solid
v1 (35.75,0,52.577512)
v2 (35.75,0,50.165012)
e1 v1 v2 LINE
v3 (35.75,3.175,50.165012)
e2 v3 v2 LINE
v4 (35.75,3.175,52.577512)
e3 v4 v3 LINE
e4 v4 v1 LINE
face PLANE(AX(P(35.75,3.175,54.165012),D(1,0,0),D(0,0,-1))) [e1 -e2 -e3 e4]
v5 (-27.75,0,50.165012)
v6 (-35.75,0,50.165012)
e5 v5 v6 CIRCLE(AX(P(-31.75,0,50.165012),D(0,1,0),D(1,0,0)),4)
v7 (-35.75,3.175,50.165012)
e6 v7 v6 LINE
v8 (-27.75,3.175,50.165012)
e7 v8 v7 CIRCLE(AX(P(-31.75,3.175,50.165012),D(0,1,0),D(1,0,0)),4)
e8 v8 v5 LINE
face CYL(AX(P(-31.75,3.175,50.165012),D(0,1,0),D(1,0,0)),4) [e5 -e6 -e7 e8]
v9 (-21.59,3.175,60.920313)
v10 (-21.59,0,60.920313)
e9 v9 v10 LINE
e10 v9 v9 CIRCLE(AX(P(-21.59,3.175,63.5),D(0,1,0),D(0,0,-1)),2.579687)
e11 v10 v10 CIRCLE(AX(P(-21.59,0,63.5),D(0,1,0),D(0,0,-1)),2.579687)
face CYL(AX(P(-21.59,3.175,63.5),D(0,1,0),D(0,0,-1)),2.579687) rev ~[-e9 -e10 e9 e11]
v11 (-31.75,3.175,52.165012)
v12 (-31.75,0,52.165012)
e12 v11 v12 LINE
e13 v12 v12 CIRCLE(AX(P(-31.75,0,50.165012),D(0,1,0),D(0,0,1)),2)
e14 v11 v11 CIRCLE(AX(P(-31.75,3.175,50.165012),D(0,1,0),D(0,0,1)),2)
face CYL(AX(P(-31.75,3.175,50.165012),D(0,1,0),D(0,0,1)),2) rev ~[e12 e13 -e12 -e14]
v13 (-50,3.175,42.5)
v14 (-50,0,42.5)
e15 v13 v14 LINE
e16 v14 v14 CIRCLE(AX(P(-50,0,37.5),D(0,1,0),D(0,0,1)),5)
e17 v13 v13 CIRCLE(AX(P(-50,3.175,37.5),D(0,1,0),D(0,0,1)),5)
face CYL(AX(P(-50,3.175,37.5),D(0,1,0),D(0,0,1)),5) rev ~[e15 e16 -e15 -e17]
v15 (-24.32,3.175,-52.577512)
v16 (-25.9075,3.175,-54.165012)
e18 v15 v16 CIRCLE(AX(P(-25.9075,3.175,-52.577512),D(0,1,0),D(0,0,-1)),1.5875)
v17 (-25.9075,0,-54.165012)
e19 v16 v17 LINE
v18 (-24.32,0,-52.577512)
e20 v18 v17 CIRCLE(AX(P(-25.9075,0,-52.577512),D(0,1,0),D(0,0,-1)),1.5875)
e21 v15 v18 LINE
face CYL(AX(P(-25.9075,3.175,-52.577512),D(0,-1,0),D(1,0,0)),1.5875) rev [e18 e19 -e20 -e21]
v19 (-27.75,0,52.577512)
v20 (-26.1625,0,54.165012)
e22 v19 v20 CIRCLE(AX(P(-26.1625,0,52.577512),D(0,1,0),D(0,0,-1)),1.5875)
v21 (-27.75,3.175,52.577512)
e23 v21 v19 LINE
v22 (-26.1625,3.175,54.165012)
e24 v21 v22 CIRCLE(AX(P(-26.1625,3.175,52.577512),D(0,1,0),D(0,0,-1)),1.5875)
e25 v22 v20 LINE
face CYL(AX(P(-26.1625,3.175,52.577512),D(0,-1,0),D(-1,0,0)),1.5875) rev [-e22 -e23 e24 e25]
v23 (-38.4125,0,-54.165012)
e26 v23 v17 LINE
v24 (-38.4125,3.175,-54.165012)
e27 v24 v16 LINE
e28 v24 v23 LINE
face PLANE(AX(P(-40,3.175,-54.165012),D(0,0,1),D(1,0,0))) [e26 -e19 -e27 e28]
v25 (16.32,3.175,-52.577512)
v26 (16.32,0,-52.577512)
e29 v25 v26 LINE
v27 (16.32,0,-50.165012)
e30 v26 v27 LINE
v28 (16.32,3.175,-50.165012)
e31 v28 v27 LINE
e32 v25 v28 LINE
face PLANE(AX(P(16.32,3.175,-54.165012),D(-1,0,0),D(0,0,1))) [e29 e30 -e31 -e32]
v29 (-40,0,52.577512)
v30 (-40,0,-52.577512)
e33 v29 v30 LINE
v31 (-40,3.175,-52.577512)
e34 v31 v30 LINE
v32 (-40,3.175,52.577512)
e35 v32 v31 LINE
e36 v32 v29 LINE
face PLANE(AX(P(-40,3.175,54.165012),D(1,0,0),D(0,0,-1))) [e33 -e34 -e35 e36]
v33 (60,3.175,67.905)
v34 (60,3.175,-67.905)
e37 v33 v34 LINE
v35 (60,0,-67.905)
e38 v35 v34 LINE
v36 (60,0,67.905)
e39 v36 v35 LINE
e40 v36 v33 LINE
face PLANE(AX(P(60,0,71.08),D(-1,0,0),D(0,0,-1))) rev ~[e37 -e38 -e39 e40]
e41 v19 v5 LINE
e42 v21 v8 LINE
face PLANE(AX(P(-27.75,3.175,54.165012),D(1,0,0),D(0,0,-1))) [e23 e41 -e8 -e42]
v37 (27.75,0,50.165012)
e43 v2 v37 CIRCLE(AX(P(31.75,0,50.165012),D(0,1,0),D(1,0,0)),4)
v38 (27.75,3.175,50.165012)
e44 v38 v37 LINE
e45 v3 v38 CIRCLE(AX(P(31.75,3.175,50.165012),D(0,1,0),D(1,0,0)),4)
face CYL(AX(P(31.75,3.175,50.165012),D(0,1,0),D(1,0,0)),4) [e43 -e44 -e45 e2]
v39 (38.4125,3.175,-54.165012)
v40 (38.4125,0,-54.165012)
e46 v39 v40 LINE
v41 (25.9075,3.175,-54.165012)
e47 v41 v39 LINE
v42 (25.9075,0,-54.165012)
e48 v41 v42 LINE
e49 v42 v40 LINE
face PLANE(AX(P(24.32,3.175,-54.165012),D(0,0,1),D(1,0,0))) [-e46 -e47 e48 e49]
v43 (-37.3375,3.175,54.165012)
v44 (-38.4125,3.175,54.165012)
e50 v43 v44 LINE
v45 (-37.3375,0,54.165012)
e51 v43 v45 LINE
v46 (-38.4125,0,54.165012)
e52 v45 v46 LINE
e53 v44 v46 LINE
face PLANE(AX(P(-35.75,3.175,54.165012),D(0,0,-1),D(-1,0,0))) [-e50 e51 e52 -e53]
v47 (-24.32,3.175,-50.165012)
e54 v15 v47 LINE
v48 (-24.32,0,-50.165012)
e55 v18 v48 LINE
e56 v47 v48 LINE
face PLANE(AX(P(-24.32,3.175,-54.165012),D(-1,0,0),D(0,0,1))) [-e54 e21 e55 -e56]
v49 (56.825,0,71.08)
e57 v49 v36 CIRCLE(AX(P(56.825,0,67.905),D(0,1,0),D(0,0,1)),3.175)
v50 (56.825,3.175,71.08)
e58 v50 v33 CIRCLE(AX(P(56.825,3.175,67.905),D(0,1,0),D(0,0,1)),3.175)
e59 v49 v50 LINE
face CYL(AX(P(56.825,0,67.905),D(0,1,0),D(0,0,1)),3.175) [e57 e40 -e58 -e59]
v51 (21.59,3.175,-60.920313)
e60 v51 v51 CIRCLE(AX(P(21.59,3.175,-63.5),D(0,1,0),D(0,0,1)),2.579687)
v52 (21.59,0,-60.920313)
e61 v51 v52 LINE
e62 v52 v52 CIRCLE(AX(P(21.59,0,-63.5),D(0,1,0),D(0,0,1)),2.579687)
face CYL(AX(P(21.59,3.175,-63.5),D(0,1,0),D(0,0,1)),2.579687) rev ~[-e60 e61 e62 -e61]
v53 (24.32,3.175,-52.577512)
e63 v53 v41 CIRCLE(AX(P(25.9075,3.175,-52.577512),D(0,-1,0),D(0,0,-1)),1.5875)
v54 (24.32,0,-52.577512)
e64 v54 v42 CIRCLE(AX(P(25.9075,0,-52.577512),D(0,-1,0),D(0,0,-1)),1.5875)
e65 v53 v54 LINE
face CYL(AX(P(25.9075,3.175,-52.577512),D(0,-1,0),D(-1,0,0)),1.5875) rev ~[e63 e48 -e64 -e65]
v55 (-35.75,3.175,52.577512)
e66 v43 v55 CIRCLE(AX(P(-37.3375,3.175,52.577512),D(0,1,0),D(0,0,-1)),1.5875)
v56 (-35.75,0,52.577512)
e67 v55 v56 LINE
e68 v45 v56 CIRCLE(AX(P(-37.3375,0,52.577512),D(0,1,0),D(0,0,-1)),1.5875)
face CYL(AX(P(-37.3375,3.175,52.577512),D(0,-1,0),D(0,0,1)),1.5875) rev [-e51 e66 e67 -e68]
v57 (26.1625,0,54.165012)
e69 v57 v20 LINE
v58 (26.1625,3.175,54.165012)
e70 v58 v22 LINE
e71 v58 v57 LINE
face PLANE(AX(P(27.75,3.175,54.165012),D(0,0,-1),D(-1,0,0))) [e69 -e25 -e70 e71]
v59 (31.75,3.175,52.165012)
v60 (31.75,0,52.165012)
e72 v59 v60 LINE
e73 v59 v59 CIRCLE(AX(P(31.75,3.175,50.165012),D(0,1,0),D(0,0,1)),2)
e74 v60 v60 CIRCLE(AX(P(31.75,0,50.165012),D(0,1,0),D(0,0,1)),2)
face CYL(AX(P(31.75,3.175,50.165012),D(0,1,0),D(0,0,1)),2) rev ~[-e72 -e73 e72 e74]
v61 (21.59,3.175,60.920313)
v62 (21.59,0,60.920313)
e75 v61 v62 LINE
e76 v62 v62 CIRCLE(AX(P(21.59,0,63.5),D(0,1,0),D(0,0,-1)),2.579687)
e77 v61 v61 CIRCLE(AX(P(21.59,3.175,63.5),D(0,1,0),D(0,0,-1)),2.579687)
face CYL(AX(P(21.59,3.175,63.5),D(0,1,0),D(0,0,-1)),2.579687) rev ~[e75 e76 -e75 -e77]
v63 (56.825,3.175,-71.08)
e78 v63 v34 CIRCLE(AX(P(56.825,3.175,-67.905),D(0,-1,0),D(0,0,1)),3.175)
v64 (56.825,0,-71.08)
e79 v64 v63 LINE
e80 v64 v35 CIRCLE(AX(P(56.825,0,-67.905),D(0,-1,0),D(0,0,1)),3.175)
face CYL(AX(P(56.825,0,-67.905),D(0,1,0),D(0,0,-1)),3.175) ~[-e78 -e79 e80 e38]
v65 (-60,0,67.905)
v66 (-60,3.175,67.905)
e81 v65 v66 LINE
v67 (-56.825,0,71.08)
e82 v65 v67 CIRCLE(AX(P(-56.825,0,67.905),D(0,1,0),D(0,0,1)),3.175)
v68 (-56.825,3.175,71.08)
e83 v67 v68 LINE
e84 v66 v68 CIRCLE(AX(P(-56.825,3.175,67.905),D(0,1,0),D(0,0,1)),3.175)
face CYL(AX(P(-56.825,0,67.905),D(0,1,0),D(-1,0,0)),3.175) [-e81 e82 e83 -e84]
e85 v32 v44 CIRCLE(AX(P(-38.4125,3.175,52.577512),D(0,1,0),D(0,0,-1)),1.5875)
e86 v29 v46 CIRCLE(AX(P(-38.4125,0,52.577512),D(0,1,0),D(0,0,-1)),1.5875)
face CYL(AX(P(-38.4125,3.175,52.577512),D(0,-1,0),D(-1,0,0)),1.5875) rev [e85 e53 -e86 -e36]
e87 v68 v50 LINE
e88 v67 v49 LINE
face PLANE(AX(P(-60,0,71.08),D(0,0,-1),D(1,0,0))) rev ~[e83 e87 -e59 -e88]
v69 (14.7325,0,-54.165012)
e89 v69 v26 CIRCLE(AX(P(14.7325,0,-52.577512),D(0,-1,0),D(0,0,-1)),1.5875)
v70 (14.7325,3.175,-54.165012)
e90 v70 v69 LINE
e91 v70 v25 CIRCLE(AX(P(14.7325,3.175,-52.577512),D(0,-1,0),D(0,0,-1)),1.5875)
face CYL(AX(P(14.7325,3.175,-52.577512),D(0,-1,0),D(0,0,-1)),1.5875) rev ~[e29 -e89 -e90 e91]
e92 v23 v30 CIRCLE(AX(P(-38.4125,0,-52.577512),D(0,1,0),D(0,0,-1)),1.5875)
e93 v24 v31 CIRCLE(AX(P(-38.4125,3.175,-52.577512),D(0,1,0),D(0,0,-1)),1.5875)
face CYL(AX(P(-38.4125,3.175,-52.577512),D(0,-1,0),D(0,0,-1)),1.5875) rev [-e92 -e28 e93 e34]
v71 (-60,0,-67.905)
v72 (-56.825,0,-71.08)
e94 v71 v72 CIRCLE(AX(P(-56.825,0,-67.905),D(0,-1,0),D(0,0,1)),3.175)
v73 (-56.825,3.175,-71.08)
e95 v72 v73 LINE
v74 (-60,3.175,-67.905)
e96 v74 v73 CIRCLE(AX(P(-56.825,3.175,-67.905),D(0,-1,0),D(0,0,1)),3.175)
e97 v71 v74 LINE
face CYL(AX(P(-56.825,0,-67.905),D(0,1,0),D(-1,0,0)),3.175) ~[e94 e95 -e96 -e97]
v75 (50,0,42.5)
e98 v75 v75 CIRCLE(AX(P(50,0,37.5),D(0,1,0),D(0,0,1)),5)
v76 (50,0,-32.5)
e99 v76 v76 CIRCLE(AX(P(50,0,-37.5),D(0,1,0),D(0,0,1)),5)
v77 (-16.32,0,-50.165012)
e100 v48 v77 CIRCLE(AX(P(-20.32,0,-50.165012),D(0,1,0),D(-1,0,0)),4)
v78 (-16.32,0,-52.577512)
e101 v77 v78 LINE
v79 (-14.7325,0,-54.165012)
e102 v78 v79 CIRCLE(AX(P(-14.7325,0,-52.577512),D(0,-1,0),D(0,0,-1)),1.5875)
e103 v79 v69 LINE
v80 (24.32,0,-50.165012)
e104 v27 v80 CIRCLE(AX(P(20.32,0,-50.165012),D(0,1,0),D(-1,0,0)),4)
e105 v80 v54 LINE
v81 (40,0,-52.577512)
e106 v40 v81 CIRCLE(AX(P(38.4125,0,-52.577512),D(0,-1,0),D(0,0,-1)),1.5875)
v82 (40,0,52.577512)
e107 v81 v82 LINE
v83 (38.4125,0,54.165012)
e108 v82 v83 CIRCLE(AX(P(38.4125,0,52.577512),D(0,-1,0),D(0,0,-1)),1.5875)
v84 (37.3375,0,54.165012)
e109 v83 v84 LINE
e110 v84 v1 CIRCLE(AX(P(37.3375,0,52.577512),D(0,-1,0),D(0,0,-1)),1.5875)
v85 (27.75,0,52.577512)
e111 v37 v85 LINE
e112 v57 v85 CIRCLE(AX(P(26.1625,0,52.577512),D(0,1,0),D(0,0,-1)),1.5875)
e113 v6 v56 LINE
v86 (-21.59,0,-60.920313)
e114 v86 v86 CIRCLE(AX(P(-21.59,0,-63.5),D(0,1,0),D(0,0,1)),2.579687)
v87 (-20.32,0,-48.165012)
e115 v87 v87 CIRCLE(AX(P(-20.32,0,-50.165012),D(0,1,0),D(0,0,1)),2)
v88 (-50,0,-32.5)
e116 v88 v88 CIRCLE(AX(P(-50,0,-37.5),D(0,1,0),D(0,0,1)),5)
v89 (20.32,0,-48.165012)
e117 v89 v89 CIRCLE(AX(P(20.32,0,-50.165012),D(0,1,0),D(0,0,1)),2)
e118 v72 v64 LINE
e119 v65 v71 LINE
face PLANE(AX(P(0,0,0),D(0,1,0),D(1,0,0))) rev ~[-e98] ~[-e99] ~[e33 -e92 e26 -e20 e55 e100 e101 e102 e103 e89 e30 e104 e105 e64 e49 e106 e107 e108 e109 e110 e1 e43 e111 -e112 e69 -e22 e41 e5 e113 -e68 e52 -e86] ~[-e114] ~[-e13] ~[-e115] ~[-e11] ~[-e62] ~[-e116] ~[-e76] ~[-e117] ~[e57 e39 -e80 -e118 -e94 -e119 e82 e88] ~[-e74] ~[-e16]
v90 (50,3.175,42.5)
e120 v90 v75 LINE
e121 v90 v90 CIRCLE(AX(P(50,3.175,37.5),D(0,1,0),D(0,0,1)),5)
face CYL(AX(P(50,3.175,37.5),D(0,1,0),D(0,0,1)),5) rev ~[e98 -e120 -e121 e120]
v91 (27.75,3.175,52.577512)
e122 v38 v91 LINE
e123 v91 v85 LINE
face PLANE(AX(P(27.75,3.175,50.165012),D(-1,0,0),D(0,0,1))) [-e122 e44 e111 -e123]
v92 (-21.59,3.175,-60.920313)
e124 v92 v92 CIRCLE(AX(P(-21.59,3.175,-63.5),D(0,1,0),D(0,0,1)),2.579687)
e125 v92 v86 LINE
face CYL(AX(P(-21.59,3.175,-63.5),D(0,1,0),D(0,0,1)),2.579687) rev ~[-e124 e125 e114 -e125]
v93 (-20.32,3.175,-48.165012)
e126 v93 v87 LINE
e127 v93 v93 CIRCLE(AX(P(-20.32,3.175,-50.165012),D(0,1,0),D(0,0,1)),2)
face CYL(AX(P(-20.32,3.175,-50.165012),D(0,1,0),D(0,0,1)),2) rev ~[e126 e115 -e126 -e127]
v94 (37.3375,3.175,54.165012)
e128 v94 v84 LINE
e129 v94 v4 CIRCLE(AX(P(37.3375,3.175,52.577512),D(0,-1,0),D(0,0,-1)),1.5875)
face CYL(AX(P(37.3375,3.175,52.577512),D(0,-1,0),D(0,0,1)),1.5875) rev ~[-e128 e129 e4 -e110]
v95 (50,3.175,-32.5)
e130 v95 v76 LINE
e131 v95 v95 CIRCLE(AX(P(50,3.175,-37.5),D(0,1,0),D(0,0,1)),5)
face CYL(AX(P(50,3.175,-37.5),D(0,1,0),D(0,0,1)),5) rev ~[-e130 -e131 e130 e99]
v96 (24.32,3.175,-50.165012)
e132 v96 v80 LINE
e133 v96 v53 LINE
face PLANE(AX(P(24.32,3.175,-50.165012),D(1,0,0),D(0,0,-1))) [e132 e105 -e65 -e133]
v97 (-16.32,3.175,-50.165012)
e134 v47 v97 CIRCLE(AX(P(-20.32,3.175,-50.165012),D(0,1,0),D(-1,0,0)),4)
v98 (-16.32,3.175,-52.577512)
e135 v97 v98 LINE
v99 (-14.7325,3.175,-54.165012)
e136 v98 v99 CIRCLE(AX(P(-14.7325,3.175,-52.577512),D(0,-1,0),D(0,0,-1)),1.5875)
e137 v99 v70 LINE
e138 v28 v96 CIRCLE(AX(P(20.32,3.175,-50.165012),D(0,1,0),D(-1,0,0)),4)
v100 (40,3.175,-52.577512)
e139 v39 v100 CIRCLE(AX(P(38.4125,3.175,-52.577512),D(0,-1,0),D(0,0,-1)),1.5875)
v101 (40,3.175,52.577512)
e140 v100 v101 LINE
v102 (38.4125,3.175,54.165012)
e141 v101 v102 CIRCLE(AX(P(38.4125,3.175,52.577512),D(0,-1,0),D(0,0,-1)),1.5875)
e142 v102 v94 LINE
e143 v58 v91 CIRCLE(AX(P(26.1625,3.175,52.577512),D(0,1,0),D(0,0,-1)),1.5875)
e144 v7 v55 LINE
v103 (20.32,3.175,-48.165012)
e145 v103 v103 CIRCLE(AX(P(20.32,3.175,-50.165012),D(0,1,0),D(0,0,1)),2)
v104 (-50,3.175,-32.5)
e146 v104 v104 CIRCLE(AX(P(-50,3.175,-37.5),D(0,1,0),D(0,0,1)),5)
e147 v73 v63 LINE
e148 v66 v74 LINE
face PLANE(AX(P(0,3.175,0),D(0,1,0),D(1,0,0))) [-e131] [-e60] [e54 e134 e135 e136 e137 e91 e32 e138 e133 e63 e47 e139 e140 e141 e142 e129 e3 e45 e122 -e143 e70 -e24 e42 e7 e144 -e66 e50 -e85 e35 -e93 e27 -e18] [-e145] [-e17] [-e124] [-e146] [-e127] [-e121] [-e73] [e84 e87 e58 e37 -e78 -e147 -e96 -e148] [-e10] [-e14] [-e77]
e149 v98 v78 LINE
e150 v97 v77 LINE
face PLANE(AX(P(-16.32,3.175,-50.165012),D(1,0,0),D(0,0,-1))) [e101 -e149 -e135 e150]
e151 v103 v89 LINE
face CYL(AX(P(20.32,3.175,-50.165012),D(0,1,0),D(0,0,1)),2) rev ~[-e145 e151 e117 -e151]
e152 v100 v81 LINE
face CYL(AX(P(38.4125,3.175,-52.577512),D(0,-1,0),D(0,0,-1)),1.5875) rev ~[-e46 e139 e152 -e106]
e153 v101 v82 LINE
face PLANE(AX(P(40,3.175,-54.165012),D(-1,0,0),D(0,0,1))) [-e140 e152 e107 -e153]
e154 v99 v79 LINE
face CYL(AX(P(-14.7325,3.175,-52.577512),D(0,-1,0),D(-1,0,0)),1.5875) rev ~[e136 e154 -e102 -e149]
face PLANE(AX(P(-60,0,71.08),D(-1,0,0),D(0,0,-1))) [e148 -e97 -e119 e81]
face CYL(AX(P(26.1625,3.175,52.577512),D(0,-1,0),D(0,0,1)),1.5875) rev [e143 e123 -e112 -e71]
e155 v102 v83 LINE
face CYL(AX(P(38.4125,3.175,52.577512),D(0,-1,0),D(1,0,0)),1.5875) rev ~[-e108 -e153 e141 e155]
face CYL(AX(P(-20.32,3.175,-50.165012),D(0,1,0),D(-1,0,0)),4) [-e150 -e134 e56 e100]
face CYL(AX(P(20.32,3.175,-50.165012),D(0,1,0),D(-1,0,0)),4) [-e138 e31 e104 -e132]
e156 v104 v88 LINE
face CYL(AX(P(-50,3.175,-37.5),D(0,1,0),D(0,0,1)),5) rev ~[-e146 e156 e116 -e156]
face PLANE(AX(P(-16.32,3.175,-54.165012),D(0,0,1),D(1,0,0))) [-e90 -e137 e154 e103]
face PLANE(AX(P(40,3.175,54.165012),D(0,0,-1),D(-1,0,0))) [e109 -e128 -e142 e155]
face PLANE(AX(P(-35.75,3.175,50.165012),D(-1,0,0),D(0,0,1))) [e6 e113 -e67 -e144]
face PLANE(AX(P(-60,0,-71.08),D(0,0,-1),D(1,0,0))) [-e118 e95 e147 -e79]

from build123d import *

# Parameters (mm, degrees)
SKETCH1_W           = 120
SKETCH1_H           = 142.16
BOSS_EXTRUDE1_DEPTH = 3.175
SKETCH2_R           = 5
CUT_EXTRUDE1_DEPTH  = 94.072267755
SKETCH3_R           = 2
CUT_EXTRUDE2_DEPTH  = 94.072267755
SKETCH4_R           = 2.5796875
CUT_EXTRUDE3_DEPTH  = 94.072267755
FILLET1_R           = 1.5875
FILLET2_R           = 3.175


with BuildPart() as part:
    # Sketch1 → Boss-Extrude1 (new body)
    with BuildSketch(Plane(origin=(0, 0, 0), x_dir=(1, 0, 0), z_dir=(0, 1, 0))):
        Rectangle(SKETCH1_W, SKETCH1_H)
    extrude(amount=BOSS_EXTRUDE1_DEPTH)

    # Sketch2 → Cut-Extrude1 (cut, through all)
    with BuildSketch(Plane(origin=(0, 3.175, 0), x_dir=(1, 0, 0), z_dir=(0, 1, 0))):
        with Locations(Location((-50, -37.5, 0), (0, 0, 270))):
            Circle(SKETCH2_R)
        with Locations(Location((50, -37.5, 0), (0, 0, 270))):
            Circle(SKETCH2_R)
        with Locations(Location((50, 37.5, 0), (0, 0, 270))):
            Circle(SKETCH2_R)
        with Locations(Location((-50, 37.5, 0), (0, 0, 270))):
            Circle(SKETCH2_R)
    extrude(amount=-CUT_EXTRUDE1_DEPTH, mode=Mode.SUBTRACT)

    # Sketch3 → Cut-Extrude2 (cut, through all)
    with BuildSketch(Plane(origin=(0, 3.175, 0), x_dir=(1, 0, 0), z_dir=(0, 1, 0))):
        with Locations(Location((31.75, -50.165011564, 0), (0, 0, 270))):
            Circle(SKETCH3_R)
        with Locations(Location((-31.75, -50.165011564, 0), (0, 0, 270))):
            Circle(SKETCH3_R)
        with Locations(Location((20.32, 50.165011564, 0), (0, 0, 270))):
            Circle(SKETCH3_R)
        with Locations(Location((-20.32, 50.165011564, 0), (0, 0, 270))):
            Circle(SKETCH3_R)
        with BuildLine():
            Line((-16.32, 50.165011564), (-16.32, 54.165011564))
            Line((-16.32, 54.165011564), (16.32, 54.165011564))
            Line((16.32, 54.165011564), (16.32, 50.165011564))
            ThreePointArc((16.32, 50.165011564), (20.32, 46.165011564), (24.32, 50.165011564))
            Line((24.32, 50.165011564), (24.32, 54.165011564))
            Line((24.32, 54.165011564), (40, 54.165011564))
            Line((40, 54.165011564), (40, -54.165011564))
            Line((40, -54.165011564), (35.75, -54.165011564))
            Line((35.75, -54.165011564), (35.75, -50.165011564))
            ThreePointArc((35.75, -50.165011564), (31.75, -46.165011564), (27.75, -50.165011564))
            Line((27.75, -50.165011564), (27.75, -54.165011564))
            Line((27.75, -54.165011564), (-27.75, -54.165011564))
            Line((-27.75, -54.165011564), (-27.75, -50.165011564))
            ThreePointArc((-27.75, -50.165011564), (-31.75, -46.165011564), (-35.75, -50.165011564))
            Line((-35.75, -50.165011564), (-35.75, -54.165011564))
            Line((-35.75, -54.165011564), (-40, -54.165011564))
            Line((-40, -54.165011564), (-40, 54.165011564))
            Line((-40, 54.165011564), (-24.32, 54.165011564))
            Line((-24.32, 54.165011564), (-24.32, 50.165011564))
            ThreePointArc((-24.32, 50.165011564), (-20.32, 46.165011564), (-16.32, 50.165011564))
        make_face()
    extrude(amount=-CUT_EXTRUDE2_DEPTH, mode=Mode.SUBTRACT)

    # Sketch4 → Cut-Extrude3 (cut, through all)
    with BuildSketch(Plane(origin=(0, 3.175, 0), x_dir=(1, 0, 0), z_dir=(0, 1, 0))):
        with Locations(Location((-21.59, 63.5, 0), (0, 0, 270))):
            Circle(SKETCH4_R)
        with Locations(Location((21.59, 63.5, 0), (0, 0, 270))):
            Circle(SKETCH4_R)
        with Locations(Location((-21.59, -63.5, 0), (0, 0, 90))):
            Circle(SKETCH4_R)
        with Locations(Location((21.59, -63.5, 0), (0, 0, 90))):
            Circle(SKETCH4_R)
    extrude(amount=-CUT_EXTRUDE3_DEPTH, mode=Mode.SUBTRACT)

    # Fillet1
    fillet1_edges = [part.edges().sort_by_distance(p)[0] for p in [
        (-16.32, 1.5875, -54.165011564),
        (16.32, 1.5875, -54.165011564),
        (24.32, 1.5875, -54.165011564),
        (40, 1.5875, -54.165011564),
        (40, 1.5875, 54.165011564),
        (35.75, 1.5875, 54.165011564),
        (27.75, 1.5875, 54.165011564),
        (-27.75, 1.5875, 54.165011564),
        (-35.75, 1.5875, 54.165011564),
        (-40, 1.5875, 54.165011564),
        (-40, 1.5875, -54.165011564),
        (-24.32, 1.5875, -54.165011564),
    ]]
    fillet(fillet1_edges, radius=FILLET1_R)

    # Fillet2
    fillet2_edges = [part.edges().sort_by_distance(p)[0] for p in [
        (60, 1.5875, 71.08),
        (-60, 1.5875, 71.08),
        (-60, 1.5875, -71.08),
        (60, 1.5875, -71.08),
    ]]
    fillet(fillet2_edges, radius=FILLET2_R)


solid = part.part
